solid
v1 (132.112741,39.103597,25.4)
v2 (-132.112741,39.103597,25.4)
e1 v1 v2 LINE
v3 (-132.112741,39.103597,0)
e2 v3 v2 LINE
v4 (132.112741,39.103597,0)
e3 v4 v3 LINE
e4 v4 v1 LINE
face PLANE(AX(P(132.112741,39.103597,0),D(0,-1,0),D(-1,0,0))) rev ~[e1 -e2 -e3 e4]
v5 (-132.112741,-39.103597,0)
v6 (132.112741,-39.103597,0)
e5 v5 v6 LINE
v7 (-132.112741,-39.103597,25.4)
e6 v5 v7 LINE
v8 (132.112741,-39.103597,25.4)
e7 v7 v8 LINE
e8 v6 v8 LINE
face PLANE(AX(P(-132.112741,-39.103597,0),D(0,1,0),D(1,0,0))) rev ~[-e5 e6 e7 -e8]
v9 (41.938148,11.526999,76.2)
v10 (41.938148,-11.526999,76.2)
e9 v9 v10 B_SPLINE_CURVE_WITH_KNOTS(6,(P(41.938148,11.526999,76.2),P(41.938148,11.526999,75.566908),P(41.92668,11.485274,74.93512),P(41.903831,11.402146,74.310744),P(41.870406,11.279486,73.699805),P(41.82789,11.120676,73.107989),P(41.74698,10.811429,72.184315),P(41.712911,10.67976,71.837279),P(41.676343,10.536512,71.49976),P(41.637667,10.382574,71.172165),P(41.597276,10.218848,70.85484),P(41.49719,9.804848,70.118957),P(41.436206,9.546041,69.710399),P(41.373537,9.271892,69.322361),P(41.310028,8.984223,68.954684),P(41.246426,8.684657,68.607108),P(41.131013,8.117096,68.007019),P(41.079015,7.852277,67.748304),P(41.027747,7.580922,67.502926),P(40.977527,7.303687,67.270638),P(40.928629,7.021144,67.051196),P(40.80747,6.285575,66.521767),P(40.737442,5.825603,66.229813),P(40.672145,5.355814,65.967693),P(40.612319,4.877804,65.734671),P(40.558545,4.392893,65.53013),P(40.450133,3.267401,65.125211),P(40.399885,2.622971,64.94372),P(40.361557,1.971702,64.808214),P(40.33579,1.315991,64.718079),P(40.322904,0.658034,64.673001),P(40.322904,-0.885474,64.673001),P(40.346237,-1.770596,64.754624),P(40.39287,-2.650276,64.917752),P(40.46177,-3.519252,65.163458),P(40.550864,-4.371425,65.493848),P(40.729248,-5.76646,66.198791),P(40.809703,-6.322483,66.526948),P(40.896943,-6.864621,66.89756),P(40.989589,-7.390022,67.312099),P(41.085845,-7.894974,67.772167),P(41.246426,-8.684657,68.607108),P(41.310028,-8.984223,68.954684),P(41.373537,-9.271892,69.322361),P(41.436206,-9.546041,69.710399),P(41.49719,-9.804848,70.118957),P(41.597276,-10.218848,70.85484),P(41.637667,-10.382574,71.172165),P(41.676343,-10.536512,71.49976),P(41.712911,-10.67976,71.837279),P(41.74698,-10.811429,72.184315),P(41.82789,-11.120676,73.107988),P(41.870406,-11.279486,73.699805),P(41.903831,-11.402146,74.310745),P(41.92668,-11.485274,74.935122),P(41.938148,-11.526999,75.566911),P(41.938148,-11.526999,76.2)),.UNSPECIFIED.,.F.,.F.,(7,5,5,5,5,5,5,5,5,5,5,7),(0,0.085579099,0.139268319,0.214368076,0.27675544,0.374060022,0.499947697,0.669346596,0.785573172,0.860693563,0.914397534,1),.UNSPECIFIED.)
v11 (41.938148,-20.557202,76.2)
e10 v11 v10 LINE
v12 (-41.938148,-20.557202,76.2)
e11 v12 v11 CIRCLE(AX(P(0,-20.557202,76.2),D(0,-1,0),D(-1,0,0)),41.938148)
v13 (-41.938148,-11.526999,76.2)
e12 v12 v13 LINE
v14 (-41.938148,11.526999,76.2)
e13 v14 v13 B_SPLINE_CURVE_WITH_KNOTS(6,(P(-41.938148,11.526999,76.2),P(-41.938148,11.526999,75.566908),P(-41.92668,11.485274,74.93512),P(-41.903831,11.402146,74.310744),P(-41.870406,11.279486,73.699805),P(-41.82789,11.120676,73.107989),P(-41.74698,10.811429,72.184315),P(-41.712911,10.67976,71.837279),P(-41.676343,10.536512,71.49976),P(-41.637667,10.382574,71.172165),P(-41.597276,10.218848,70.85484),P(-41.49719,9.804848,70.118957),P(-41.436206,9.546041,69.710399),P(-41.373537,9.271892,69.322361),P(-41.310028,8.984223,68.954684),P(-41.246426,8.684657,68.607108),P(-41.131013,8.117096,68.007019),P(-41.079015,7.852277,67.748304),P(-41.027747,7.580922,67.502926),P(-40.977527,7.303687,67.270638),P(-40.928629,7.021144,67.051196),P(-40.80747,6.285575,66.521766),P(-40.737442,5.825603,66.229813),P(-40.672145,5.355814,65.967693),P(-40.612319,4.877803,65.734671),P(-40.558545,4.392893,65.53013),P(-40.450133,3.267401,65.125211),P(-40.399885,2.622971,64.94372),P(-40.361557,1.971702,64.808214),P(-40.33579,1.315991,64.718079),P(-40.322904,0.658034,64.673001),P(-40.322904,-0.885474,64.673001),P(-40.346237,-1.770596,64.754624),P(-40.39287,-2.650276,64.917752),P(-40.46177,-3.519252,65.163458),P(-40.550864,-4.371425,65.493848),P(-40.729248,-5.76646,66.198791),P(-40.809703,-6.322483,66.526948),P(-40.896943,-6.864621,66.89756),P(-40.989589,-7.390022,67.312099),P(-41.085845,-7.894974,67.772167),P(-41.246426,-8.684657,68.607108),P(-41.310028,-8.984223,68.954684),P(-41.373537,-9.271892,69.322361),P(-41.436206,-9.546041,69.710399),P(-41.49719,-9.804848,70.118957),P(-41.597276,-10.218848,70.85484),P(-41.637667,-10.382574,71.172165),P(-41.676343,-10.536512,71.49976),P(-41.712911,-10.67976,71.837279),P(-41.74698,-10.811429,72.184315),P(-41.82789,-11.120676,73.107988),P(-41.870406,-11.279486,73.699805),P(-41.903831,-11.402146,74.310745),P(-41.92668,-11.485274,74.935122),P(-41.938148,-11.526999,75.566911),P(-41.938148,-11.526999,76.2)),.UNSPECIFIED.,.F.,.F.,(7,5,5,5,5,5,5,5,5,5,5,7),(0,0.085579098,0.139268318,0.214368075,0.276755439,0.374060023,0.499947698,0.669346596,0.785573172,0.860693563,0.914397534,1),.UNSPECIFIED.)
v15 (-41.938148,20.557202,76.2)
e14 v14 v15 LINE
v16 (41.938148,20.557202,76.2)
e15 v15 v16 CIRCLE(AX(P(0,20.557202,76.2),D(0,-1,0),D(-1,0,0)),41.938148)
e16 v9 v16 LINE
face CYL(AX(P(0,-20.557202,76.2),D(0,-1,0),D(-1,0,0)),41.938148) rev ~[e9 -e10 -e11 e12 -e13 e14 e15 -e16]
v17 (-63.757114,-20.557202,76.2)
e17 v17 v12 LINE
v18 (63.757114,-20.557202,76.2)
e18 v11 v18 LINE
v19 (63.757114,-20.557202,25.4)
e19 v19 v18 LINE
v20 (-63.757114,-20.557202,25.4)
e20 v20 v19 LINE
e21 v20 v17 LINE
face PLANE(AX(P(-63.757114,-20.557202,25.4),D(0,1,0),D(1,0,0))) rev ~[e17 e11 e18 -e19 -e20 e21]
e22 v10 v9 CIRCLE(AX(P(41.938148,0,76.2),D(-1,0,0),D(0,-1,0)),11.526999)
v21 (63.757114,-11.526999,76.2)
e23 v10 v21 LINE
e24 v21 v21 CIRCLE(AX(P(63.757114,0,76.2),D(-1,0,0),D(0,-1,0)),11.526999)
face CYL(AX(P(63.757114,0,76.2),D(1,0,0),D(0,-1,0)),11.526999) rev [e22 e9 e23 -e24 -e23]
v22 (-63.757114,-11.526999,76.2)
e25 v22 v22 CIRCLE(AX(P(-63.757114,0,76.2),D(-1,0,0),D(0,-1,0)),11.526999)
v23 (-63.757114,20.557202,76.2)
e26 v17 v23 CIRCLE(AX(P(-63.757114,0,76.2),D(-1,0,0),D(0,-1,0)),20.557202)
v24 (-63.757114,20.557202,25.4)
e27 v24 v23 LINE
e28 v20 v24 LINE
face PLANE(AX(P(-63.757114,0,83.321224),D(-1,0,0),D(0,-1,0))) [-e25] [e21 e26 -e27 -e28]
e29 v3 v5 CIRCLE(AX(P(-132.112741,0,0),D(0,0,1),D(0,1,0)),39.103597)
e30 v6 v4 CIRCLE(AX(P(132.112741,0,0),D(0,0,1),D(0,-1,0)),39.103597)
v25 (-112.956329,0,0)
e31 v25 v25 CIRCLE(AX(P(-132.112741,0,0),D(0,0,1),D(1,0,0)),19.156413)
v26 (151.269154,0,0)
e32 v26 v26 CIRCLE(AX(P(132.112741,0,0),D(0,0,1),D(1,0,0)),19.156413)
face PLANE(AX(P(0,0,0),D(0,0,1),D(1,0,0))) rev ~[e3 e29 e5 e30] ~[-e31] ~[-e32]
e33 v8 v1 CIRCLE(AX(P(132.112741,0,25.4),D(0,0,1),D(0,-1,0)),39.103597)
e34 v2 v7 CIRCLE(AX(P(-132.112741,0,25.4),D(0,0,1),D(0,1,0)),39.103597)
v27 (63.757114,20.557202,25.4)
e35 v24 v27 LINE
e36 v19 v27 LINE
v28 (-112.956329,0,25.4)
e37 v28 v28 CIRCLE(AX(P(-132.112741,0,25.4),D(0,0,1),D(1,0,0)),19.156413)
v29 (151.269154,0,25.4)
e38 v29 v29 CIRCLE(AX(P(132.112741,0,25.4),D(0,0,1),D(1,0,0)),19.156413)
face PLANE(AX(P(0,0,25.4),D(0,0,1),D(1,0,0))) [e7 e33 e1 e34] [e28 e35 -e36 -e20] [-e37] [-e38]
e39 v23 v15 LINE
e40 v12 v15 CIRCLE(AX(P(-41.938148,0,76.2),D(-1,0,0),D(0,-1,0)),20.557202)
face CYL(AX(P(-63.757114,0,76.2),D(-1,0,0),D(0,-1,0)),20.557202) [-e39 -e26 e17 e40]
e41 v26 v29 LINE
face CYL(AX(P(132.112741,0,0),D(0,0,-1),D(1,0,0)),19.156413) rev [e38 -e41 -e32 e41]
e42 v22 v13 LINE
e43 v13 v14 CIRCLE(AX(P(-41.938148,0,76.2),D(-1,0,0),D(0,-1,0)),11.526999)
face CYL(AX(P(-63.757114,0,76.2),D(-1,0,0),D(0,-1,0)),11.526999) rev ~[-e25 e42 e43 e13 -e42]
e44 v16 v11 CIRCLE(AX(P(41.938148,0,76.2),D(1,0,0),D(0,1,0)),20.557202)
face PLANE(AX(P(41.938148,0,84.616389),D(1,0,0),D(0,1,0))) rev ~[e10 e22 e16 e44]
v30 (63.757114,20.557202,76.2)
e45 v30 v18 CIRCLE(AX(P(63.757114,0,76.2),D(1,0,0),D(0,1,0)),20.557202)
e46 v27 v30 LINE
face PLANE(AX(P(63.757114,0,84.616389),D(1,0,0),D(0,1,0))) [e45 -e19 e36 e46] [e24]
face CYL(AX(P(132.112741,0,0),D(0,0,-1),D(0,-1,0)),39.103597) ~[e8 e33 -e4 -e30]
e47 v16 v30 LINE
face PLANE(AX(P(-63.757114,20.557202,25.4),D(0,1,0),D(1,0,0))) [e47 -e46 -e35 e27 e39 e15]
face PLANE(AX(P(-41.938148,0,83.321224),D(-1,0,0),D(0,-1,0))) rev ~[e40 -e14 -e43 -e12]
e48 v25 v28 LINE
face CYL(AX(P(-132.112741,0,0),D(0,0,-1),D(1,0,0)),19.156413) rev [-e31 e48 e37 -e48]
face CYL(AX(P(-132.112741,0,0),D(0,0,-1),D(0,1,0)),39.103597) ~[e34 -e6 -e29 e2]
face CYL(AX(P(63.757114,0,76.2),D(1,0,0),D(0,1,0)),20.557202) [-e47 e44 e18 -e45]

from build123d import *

# Parameters (mm, degrees)
F0_R      = 19.1564129226
F1_DEPTH  = 25.4
F2_W      = 127.5142282248
F2_H      = 41.1144047976
F3_DEPTH  = 50.8
F5_DEPTH  = 59.6617998013
F7_DEPTH  = 21.8189658163
F8_R      = 11.5269990365
F9_DEPTH  = 234.9744529853
F11_DEPTH = 21.8189658163


with BuildPart() as f1:
    # F0 (on Top) → F1 (new body)
    with BuildSketch(Plane.XY):
        with BuildLine():
            ThreePointArc((132.1127414703, -39.1035974026), (171.2163388729, 0), (132.1127414703, 39.1035974026))
            Line((132.1127414703, 39.1035974026), (-132.1127414703, 39.1035974026))
            ThreePointArc((-132.1127414703, 39.1035974026), (-171.2163388729, 0), (-132.1127414703, -39.1035974026))
            Line((-132.1127414703, -39.1035974026), (132.1127414703, -39.1035974026))
        make_face()
        with Locations((-132.1127414703, 0)):
            Circle(F0_R, mode=Mode.SUBTRACT)
        with Locations((132.1127414703, 0)):
            Circle(F0_R, mode=Mode.SUBTRACT)
    extrude(amount=F1_DEPTH)

    # F2 (on face) → F3 (join)
    with BuildSketch(Plane.XY.offset(25.4)):
        Rectangle(F2_W, F2_H)
    extrude(amount=F3_DEPTH)

    # F4 (on face) → F5 (cut, through all)
    with BuildSketch(Plane.XZ.offset(20.5572023988)):
        with BuildLine():
            ThreePointArc((-41.9381482961, 76.2), (0, 34.2618517039), (41.9381482961, 76.2))
            Line((41.9381482961, 76.2), (-41.9381482961, 76.2))
        make_face()
    extrude(amount=-F5_DEPTH, mode=Mode.SUBTRACT)

    # F6 (on face) → F7 (join, through all)
    with BuildSketch(Plane(origin=(-63.7571141124, 0, 0), x_dir=(0, -1, 0), z_dir=(-1, 0, 0))):
        with BuildLine():
            Line((-20.5572023988, 76.2), (20.5572023988, 76.2))
            ThreePointArc((20.5572023988, 76.2), (0, 96.7572023988), (-20.5572023988, 76.2))
        make_face()
    extrude(amount=-F7_DEPTH)

    # F8 (on face) → F9 (cut, through all)
    with BuildSketch(Plane(origin=(-63.7571141124, 0, 0), x_dir=(0, -1, 0), z_dir=(-1, 0, 0))):
        with Locations((0, 76.2)):
            Circle(F8_R)
    extrude(amount=-F9_DEPTH, mode=Mode.SUBTRACT)

    # F10 (on face) → F11 (join, through all)
    with BuildSketch(Plane.YZ.offset(63.7571141124)):
        with BuildLine():
            ThreePointArc((20.5572023988, 76.2), (0, 96.7572023988), (-20.5572023988, 76.2))
            Line((-20.5572023988, 76.2), (-11.5269990365, 76.2))
            ThreePointArc((-11.5269990365, 76.2), (0, 87.7269990365), (11.5269990365, 76.2))
            Line((11.5269990365, 76.2), (20.5572023988, 76.2))
        make_face()
    extrude(amount=-F11_DEPTH)


solid = f1.part
